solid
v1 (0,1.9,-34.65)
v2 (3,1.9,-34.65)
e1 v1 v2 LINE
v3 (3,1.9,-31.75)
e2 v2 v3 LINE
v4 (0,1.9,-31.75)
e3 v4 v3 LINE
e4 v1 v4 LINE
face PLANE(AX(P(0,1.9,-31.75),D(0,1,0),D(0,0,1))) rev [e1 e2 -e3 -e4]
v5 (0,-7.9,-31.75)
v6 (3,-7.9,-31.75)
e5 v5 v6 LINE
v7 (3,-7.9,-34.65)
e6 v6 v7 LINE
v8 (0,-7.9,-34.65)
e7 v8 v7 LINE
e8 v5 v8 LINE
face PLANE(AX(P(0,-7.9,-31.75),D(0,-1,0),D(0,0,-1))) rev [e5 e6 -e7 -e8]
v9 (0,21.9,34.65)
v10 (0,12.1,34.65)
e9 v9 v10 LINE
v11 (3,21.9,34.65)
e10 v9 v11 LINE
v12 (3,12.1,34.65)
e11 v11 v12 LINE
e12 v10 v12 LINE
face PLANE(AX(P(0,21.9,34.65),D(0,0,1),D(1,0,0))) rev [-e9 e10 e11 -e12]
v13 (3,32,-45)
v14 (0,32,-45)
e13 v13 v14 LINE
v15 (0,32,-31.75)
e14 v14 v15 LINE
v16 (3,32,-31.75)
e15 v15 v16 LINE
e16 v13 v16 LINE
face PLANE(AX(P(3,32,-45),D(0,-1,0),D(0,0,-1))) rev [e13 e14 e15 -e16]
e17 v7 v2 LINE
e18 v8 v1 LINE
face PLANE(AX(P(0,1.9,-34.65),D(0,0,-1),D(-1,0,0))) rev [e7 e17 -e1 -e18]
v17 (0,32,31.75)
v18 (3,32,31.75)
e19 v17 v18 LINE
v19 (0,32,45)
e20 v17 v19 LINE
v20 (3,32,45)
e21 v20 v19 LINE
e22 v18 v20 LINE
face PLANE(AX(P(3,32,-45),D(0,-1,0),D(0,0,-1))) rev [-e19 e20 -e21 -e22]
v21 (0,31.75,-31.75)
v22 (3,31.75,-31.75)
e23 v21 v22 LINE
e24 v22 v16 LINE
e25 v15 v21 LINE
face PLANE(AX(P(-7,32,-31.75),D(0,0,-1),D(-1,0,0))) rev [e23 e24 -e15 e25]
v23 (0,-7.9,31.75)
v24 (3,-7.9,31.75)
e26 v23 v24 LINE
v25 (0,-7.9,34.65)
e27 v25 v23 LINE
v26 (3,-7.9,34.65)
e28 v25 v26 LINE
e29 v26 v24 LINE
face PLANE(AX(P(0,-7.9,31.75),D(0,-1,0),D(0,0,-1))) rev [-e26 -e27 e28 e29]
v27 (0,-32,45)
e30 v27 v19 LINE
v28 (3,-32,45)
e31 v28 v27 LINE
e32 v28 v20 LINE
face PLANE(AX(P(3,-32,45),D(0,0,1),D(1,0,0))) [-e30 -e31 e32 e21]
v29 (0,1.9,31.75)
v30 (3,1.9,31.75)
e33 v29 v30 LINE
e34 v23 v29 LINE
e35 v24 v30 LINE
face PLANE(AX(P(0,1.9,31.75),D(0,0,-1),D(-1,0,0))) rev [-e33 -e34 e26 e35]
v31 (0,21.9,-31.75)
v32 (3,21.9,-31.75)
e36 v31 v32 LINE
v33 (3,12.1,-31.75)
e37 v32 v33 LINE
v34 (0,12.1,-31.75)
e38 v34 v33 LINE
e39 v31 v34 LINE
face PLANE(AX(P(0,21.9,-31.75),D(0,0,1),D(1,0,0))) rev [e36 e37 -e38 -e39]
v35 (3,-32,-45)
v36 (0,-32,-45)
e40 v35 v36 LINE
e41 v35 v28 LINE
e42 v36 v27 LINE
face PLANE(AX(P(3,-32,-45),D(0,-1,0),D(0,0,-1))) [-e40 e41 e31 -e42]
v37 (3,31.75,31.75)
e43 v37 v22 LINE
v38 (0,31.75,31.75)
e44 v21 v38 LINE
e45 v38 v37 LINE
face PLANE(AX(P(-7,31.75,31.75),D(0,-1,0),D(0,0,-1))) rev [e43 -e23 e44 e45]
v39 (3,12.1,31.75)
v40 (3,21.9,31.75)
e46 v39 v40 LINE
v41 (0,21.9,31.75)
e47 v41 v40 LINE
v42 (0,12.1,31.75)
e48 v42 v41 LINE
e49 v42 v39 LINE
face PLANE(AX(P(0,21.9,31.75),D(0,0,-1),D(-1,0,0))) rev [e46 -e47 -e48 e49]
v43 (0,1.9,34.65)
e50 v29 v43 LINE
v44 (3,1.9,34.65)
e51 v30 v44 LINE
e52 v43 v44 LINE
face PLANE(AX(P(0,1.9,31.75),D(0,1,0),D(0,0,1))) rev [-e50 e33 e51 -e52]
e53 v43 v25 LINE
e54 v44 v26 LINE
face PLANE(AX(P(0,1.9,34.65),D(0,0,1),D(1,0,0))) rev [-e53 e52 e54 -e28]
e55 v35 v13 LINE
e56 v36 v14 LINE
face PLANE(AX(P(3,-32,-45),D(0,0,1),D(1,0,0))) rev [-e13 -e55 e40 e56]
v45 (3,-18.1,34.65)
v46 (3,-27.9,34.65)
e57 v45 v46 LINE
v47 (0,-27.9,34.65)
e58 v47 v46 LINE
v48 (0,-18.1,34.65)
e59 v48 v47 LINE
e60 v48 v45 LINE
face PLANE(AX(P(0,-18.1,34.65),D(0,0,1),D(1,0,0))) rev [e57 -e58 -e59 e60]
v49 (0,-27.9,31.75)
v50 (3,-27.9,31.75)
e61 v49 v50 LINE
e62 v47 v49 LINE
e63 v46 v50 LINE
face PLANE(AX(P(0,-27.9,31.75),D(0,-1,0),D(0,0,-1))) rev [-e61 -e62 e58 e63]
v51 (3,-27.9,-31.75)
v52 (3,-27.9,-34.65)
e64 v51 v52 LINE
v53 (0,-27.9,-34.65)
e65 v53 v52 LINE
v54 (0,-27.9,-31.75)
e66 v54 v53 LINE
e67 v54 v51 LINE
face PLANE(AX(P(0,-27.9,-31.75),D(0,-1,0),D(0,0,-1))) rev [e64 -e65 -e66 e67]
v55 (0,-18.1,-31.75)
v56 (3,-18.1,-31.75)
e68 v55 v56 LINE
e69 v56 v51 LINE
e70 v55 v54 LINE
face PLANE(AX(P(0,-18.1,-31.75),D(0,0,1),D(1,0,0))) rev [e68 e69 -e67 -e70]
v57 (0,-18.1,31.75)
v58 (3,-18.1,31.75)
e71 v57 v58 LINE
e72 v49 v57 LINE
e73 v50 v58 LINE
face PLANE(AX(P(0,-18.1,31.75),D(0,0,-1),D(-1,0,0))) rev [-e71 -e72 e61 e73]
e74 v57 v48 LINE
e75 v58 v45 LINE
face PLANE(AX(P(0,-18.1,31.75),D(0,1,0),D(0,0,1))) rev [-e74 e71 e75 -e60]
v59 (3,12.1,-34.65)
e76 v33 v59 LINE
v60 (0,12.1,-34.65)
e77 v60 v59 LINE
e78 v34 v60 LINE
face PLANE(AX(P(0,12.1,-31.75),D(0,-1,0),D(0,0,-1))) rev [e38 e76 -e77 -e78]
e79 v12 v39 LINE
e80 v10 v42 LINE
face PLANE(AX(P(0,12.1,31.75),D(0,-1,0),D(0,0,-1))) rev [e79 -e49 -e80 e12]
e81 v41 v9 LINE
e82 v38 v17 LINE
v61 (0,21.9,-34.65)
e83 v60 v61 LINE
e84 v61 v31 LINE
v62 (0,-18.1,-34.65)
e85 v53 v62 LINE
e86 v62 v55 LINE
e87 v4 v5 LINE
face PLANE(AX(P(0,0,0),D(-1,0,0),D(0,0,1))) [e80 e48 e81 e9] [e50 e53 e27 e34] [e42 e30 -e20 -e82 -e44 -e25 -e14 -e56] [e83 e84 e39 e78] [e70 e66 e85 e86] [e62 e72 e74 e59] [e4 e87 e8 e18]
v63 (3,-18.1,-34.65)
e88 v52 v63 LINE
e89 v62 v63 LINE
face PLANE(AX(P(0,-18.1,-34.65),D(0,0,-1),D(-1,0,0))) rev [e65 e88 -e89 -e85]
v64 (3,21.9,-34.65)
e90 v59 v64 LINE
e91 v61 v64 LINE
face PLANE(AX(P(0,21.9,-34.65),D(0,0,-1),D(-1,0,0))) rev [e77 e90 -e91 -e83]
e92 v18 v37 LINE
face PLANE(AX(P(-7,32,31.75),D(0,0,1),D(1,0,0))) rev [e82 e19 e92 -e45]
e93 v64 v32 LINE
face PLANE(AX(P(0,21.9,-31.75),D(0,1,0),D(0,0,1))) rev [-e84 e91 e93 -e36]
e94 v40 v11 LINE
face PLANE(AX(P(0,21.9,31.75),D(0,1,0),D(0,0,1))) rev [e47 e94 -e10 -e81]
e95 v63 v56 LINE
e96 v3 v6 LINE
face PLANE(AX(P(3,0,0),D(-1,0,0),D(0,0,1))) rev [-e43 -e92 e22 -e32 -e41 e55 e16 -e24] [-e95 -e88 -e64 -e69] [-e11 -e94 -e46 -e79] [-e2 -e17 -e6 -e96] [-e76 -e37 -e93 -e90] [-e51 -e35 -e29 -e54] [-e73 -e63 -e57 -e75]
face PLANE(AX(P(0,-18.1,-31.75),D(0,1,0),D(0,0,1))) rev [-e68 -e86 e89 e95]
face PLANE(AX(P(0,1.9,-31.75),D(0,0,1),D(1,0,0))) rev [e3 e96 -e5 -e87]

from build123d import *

# Parameters (mm, degrees)
SKETCH1_W           = 90
SKETCH1_H           = 64
BOSS_EXTRUDE1_DEPTH = 3
SKETCH2_W           = 2.9
SKETCH2_H           = 9.8
CUT_EXTRUDE1_DEPTH  = 3
SKETCH4_W           = 63.5
SKETCH4_H           = 0.25
CUT_EXTRUDE2_DEPTH  = 10


with BuildPart() as part:
    # Sketch1 → Boss-Extrude1 (new body)
    with BuildSketch(Plane(origin=(0, 0, 0), x_dir=(0, 0, -1), z_dir=(1, 0, 0))):
        Rectangle(SKETCH1_W, SKETCH1_H)
    extrude(amount=BOSS_EXTRUDE1_DEPTH)

    # Sketch2 → Cut-Extrude1 (cut)
    with BuildSketch(Plane(origin=(3, 0, 0), x_dir=(0, 0, -1), z_dir=(1, 0, 0))):
        with Locations((-33.2, 17)):
            Rectangle(SKETCH2_W, SKETCH2_H)
        with Locations((-33.2, -3)):
            Rectangle(SKETCH2_W, SKETCH2_H)
        with Locations((-33.2, -23)):
            Rectangle(SKETCH2_W, SKETCH2_H)
        with Locations((33.2, -23)):
            Rectangle(SKETCH2_W, SKETCH2_H)
        with Locations((33.2, -3)):
            Rectangle(SKETCH2_W, SKETCH2_H)
        with Locations((33.2, 17)):
            Rectangle(SKETCH2_W, SKETCH2_H)
    extrude(amount=-CUT_EXTRUDE1_DEPTH, mode=Mode.SUBTRACT)

    # Sketch4 → Cut-Extrude2 (cut)
    with BuildSketch(Plane(origin=(3, 0, 0), x_dir=(0, 0, -1), z_dir=(1, 0, 0))):
        with Locations((0, 31.875)):
            Rectangle(SKETCH4_W, SKETCH4_H)
    extrude(amount=-CUT_EXTRUDE2_DEPTH, mode=Mode.SUBTRACT)


solid = part.part
